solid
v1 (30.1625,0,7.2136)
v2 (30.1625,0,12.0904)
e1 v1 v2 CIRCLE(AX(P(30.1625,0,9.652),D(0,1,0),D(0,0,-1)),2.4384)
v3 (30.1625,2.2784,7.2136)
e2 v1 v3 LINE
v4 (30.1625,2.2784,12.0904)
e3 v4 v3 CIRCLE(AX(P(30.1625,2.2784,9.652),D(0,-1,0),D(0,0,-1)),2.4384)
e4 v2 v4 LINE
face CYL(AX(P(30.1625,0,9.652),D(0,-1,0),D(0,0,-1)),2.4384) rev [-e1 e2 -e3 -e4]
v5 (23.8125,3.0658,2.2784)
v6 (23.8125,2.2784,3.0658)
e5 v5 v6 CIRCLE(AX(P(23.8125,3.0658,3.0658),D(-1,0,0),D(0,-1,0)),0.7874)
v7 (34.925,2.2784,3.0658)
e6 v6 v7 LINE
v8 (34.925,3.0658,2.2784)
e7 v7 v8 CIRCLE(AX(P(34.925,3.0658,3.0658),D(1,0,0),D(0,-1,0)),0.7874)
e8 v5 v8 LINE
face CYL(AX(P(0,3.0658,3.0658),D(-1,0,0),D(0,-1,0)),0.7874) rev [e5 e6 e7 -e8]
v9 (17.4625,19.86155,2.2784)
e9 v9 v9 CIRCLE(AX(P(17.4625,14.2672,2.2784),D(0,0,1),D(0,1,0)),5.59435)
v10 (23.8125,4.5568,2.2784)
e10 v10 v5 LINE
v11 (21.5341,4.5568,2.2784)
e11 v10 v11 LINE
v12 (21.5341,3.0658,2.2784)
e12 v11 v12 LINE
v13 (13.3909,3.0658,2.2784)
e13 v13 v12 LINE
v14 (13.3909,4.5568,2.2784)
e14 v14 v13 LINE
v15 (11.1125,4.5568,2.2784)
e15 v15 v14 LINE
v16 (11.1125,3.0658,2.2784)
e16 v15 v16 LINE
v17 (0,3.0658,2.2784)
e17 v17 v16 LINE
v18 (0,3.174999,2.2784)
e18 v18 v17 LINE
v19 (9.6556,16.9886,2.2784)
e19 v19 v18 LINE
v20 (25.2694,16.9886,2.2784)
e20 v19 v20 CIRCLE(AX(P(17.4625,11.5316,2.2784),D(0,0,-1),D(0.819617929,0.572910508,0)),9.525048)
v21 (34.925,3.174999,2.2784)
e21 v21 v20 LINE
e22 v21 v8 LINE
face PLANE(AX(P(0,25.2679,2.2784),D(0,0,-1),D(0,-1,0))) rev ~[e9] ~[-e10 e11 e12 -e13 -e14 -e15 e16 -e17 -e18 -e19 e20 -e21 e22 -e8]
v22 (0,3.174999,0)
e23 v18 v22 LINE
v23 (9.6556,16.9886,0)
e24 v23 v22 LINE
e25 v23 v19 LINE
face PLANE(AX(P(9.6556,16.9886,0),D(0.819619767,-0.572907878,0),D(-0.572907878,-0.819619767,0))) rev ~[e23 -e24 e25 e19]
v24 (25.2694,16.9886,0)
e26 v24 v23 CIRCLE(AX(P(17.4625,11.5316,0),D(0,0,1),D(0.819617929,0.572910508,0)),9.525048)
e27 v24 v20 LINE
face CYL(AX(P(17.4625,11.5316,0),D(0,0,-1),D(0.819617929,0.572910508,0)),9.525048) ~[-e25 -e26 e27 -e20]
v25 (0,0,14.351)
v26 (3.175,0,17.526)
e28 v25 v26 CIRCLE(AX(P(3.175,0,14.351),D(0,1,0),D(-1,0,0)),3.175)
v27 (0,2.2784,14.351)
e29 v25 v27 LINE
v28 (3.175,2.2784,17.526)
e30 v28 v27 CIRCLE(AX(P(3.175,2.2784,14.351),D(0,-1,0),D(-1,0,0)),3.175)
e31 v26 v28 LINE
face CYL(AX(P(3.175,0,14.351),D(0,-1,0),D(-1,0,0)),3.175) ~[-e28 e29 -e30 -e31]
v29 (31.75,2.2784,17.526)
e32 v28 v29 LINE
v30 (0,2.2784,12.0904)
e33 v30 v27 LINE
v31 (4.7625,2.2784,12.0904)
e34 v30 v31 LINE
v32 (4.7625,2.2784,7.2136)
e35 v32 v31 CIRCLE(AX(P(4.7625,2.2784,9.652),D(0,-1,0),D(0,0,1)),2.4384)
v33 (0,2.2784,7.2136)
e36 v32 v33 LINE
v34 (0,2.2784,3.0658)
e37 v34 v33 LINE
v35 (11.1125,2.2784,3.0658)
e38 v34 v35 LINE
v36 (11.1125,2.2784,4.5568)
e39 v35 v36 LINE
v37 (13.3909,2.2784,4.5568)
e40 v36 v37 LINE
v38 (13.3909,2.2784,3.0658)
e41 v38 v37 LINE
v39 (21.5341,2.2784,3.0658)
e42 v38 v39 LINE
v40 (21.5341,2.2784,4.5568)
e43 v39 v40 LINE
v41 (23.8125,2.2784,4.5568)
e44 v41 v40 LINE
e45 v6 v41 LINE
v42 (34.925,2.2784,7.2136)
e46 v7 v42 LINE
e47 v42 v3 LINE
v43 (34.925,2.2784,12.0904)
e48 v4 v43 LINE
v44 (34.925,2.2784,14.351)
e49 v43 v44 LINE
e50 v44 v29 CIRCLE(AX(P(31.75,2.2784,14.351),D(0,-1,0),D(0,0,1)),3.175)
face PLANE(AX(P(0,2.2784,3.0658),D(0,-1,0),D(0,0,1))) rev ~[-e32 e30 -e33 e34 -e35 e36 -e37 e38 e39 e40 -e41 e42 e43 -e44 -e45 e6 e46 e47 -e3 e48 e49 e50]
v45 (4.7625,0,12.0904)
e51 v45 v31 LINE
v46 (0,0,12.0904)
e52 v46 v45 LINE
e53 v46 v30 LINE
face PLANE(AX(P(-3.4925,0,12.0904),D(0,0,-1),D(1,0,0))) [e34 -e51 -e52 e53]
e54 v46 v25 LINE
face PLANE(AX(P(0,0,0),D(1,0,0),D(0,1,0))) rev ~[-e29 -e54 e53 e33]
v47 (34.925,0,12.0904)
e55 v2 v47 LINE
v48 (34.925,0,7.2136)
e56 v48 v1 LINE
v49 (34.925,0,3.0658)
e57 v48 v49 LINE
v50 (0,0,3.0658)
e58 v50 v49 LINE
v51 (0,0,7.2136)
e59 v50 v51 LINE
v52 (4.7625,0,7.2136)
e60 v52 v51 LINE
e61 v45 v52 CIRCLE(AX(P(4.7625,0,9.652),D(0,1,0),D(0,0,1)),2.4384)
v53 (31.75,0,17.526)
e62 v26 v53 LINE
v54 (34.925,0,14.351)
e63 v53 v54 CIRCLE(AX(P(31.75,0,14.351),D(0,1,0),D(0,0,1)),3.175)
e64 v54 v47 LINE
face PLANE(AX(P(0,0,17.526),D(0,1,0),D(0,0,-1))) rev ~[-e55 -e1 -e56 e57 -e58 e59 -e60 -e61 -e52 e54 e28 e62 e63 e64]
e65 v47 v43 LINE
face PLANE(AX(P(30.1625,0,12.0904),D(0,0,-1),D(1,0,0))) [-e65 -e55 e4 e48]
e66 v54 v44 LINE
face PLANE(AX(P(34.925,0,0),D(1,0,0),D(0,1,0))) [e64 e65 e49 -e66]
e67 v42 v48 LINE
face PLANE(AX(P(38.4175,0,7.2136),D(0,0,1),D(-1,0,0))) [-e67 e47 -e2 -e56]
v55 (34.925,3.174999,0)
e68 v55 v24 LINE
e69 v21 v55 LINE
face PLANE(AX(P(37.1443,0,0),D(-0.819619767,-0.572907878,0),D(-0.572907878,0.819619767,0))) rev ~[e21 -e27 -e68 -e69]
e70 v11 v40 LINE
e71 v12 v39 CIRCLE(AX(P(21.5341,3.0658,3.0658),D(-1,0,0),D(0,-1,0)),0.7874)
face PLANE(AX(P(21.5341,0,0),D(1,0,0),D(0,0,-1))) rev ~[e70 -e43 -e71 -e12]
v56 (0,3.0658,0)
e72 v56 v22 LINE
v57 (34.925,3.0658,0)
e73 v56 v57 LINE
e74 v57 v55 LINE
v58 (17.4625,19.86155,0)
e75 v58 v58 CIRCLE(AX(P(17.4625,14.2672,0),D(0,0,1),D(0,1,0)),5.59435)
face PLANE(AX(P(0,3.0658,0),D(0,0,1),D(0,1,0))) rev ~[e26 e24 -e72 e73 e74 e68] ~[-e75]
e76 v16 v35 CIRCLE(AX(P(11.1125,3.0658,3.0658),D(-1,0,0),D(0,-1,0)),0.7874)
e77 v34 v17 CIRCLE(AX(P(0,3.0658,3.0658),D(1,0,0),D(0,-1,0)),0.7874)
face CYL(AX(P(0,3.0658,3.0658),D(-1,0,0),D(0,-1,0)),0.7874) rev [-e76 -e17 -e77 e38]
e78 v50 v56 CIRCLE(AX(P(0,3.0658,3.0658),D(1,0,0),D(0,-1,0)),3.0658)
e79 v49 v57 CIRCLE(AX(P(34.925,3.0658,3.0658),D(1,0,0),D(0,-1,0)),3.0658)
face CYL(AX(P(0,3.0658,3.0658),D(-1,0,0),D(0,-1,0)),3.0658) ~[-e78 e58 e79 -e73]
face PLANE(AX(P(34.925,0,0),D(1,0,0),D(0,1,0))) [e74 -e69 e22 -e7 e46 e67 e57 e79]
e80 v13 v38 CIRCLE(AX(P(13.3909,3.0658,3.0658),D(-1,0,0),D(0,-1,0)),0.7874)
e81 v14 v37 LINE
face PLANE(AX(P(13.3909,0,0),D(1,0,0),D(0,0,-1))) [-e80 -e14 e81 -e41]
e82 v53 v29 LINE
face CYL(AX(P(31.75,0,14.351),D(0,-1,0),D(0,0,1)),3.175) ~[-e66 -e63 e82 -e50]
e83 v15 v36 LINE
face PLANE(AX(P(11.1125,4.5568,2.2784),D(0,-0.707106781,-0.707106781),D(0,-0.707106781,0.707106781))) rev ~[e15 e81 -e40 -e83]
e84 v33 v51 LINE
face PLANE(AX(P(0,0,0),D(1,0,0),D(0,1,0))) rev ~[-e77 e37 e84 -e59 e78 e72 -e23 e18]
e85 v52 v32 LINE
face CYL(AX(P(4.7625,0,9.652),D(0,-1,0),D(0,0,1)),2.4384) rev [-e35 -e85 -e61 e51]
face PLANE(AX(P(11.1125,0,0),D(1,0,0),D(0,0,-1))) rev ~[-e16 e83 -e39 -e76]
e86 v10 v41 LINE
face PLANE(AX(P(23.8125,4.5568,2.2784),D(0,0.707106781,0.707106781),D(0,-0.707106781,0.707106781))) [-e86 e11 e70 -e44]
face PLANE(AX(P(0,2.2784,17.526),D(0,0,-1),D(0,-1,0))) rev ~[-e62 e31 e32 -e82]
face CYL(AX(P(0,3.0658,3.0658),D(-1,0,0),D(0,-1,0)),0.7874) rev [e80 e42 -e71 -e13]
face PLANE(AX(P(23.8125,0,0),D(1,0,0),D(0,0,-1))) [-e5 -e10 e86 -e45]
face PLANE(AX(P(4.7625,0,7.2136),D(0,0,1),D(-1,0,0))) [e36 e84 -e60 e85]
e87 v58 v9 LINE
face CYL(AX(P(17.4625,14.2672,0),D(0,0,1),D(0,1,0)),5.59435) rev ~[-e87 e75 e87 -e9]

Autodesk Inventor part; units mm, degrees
sketch "Sketch_1" plane through (0, 0, 0) normal (1, 0, 0) x (0, 1, 0)
  line L0 (2.2784, 17.526) -> (0, 17.526)
  line L1 (0, 17.526) -> (0, 3.0658)
  arc A0 (0, 3.0658) -> (3.0658, 0) centre (3.0658, 3.0658) ccw
  line L2 (3.0658, 0) -> (25.2679, 0)
  line L3 (25.2679, 0) -> (25.2679, 2.2784)
  line L4 (25.2679, 2.2784) -> (3.0658, 2.2784)
  arc A1 (2.2784, 3.0658) -> (3.0658, 2.2784) centre (3.0658, 3.0658) ccw
  line L5 (2.2784, 3.0658) -> (2.2784, 17.526)
extrude "Extrusion1" add sketch "Sketch_1" along normal blind 34.925
sketch "Sketch_2" plane through (0, 0, 0) normal (0, 0, 1) x (1, 0, 0)
  line L0 (-6.985, 33.6906) -> (-6.985, -2.1057)
  line L1 (-6.985, -2.1057) -> (41.91, -2.1057)
  line L2 (41.91, -2.1057) -> (41.91, 33.6906)
  line L3 (41.91, 33.6906) -> (-6.985, 33.6906)
  line L4 (-2.2193, 0) -> (37.1443, 0)
  line L5 (37.1443, 0) -> (25.2694, 16.9886)
  arc A0 (25.2694, 16.9886) -> (9.6556, 16.9886) centre (17.4625, 11.5316) ccw
  line L6 (9.6556, 16.9886) -> (-2.2193, 0)
extrude "Extrusion2" cut sketch "Sketch_2" along normal blind 3.4176
sketch "Sketch3" plane through (34.925, 3.0658, 0) normal (0, 0, -1) x (-1, 0, 0)
  point P0 (17.4625, 11.2014)
hole "Hole1" at (17.4625, 14.2672, 0) direction (0, 0, 1) diameter 11.1887 depth 3.4176
sketch "Sketch_6" plane through (0, 0, 0) normal (0, 1, 0) x (-1, 0, 0)
  line L0 (17.4625, 22.352) -> (-3.175, 22.352)
  line L1 (-3.175, 22.352) -> (-3.175, 17.526)
  arc A0 (0, 14.351) -> (-3.175, 17.526) centre (-3.175, 14.351) ccw
  line L2 (0, 14.351) -> (17.4625, 14.351)
  line L3 (17.4625, 14.351) -> (17.4625, 22.352)
extrude "Extrusion3" cut sketch "Sketch_6" along normal blind 3.4176
sketch "Sketch_7" plane through (0, 0, 0) normal (0, 1, 0) x (-1, 0, 0)
  line L0 (-31.75, 17.526) -> (-31.75, 22.352)
  line L1 (-31.75, 22.352) -> (-52.3875, 22.352)
  line L2 (-52.3875, 22.352) -> (-52.3875, 14.351)
  line L3 (-52.3875, 14.351) -> (-34.925, 14.351)
  arc A0 (-31.75, 17.526) -> (-34.925, 14.351) centre (-31.75, 14.351) ccw
extrude "Extrusion4" cut sketch "Sketch_7" along normal blind 3.4176
sketch "Sketch_8" plane through (0, 0, 0) normal (0, 1, 0) x (-1, 0, 0)
  line L0 (3.4925, 7.2136) -> (3.4925, 12.0904)
  line L1 (3.4925, 12.0904) -> (-4.7625, 12.0904)
  arc A0 (-4.7625, 12.0904) -> (-4.7625, 7.2136) centre (-4.7625, 9.652) ccw
  line L2 (-4.7625, 7.2136) -> (3.4925, 7.2136)
extrude "Extrusion5" cut sketch "Sketch_8" along normal blind 3.4176
sketch "Sketch_9" plane through (0, 0, 0) normal (0, 1, 0) x (-1, 0, 0)
  arc A0 (-30.1625, 7.2136) -> (-30.1625, 12.0904) centre (-30.1625, 9.652) ccw
  line L0 (-30.1625, 12.0904) -> (-38.4175, 12.0904)
  line L1 (-38.4175, 12.0904) -> (-38.4175, 7.2136)
  line L2 (-38.4175, 7.2136) -> (-30.1625, 7.2136)
extrude "Extrusion6" cut sketch "Sketch_9" along normal blind 3.4176
sketch "Sketch_10" plane through (11.1125, 0, 0) normal (1, 0, 0) x (0, 0, -1)
  line L0 (-4.5568, 2.2784) -> (-4.5568, 1.8456)
  arc A0 (-4.5568, 1.8456) -> (-1.8456, 4.5568) centre (-3.0658, 3.0658) ccw
  line L1 (-1.8456, 4.5568) -> (-2.2784, 4.5568)
  line L2 (-2.2784, 4.5568) -> (-4.5568, 2.2784)
extrude "Extrusion7" add sketch "Sketch_10" along normal blind 2.2784
sketch "Sketch_14" plane through (23.8125, 0, 0) normal (1, 0, 0) x (0, 0, -1)
  line L0 (-4.5568, 2.2784) -> (-4.5568, 1.8456)
  arc A0 (-4.5568, 1.8456) -> (-1.8456, 4.5568) centre (-3.0658, 3.0658) ccw
  line L1 (-1.8456, 4.5568) -> (-2.2784, 4.5568)
  line L2 (-2.2784, 4.5568) -> (-4.5568, 2.2784)
extrude "Extrusion8" add sketch "Sketch_14" against normal blind 2.2784
ref_plane "d1_XY" through (17.4625, 8.6728, 0) normal (1, 0, 0) x (0, 0, -1)
ref_plane "d1_YZ" through (17.4625, 8.6728, 0) normal (0, 0, -1) x (0, 1, 0)
ref_plane "d1_ZX" through (17.4625, 8.6728, 0) normal (0, 1, 0) x (1, 0, 0)
ref_plane "d2_XY" through (17.4625, 19.8615, 0) normal (1, 0, 0) x (0, 0, -1)
ref_plane "d2_YZ" through (17.4625, 19.8615, 0) normal (0, 0, -1) x (0, 1, 0)
ref_plane "d2_ZX" through (17.4625, 19.8615, 0) normal (0, 1, 0) x (1, 0, 0)
ref_plane "h1_XY" through (17.4625, 0, 17.526) normal (1, 0, 0) x (0, 0, -1)
ref_plane "h1_YZ" through (17.4625, 0, 17.526) normal (0, 0, -1) x (0, 1, 0)
ref_plane "h1_ZX" through (17.4625, 0, 17.526) normal (0, 1, 0) x (1, 0, 0)
ref_plane "h2_XY" through (17.4625, 2.2784, 17.526) normal (1, 0, 0) x (0, 0, -1)
ref_plane "h2_YZ" through (17.4625, 2.2784, 17.526) normal (0, 0, -1) x (0, 1, 0)
ref_plane "h2_ZX" through (17.4625, 2.2784, 17.526) normal (0, 1, 0) x (1, 0, 0)
ref_plane "h3_XY" through (17.4625, 14.2672, 2.2784) normal (1, 0, 0) x (0, 0, -1)
ref_plane "h3_YZ" through (17.4625, 14.2672, 2.2784) normal (0, 0, -1) x (0, 1, 0)
ref_plane "h3_ZX" through (17.4625, 14.2672, 2.2784) normal (0, 1, 0) x (1, 0, 0)
ref_plane "h4_XY" through (17.4625, 21.0566, 2.2784) normal (1, 0, 0) x (0, 0, -1)
ref_plane "h4_YZ" through (17.4625, 21.0566, 2.2784) normal (0, 0, -1) x (0, 1, 0)
ref_plane "h4_ZX" through (17.4625, 21.0566, 2.2784) normal (0, 1, 0) x (1, 0, 0)
ref_plane "h5_XY" through (34.925, 3.175, 0) normal (1, 0, 0) x (0, 0, -1)
ref_plane "h5_YZ" through (34.925, 3.175, 0) normal (0, 0, -1) x (0, 1, 0)
ref_plane "h5_ZX" through (34.925, 3.175, 0) normal (0, 1, 0) x (1, 0, 0)
ref_plane "h6_XY" through (34.925, 0, 0) normal (1, 0, 0) x (0, 0, -1)
ref_plane "h6_YZ" through (34.925, 0, 0) normal (0, 0, -1) x (0, 1, 0)
ref_plane "h6_ZX" through (34.925, 0, 0) normal (0, 1, 0) x (1, 0, 0)
ref_plane "l1_XY" through (0, 0, 0) normal (0, 1, 0) x (1, 0, 0)
ref_plane "l1_YZ" through (0, 0, 0) normal (1, 0, 0) x (0, 0, -1)
ref_plane "l1_ZX" through (0, 0, 0) normal (0, 0, -1) x (0, 1, 0)
ref_plane "l2_XY" through (34.925, 0, 0) normal (0, 1, 0) x (1, 0, 0)
ref_plane "l2_YZ" through (34.925, 0, 0) normal (1, 0, 0) x (0, 0, -1)
ref_plane "l2_ZX" through (34.925, 0, 0) normal (0, 0, -1) x (0, 1, 0)
ref_plane "l3_XY" through (0, 0, 17.526) normal (0, 1, 0) x (1, 0, 0)
ref_plane "l3_YZ" through (0, 0, 17.526) normal (1, 0, 0) x (0, 0, -1)
ref_plane "l3_ZX" through (0, 0, 17.526) normal (0, 0, -1) x (0, 1, 0)
ref_plane "l4_XY" through (0, 0, 9.652) normal (0, 1, 0) x (1, 0, 0)
ref_plane "l4_YZ" through (0, 0, 9.652) normal (1, 0, 0) x (0, 0, -1)
ref_plane "l4_ZX" through (0, 0, 9.652) normal (0, 0, -1) x (0, 1, 0)
ref_plane "l5_XY" through (4.7625, 0, 9.652) normal (0, 1, 0) x (1, 0, 0)
ref_plane "l5_YZ" through (4.7625, 0, 9.652) normal (1, 0, 0) x (0, 0, -1)
ref_plane "l5_ZX" through (4.7625, 0, 9.652) normal (0, 0, -1) x (0, 1, 0)
ref_plane "l6_XY" through (30.1625, 0, 9.652) normal (0, 1, 0) x (1, 0, 0)
ref_plane "l6_YZ" through (30.1625, 0, 9.652) normal (1, 0, 0) x (0, 0, -1)
ref_plane "l6_ZX" through (30.1625, 0, 9.652) normal (0, 0, -1) x (0, 1, 0)
ref_plane "l7_XY" through (30.1625, 0, 12.0904) normal (0, 1, 0) x (1, 0, 0)
ref_plane "l7_YZ" through (30.1625, 0, 12.0904) normal (1, 0, 0) x (0, 0, -1)
ref_plane "l7_ZX" through (30.1625, 0, 12.0904) normal (0, 0, -1) x (0, 1, 0)
ref_plane "l8_XY" through (30.1625, 0, 7.2136) normal (0, 1, 0) x (1, 0, 0)
ref_plane "l8_YZ" through (30.1625, 0, 7.2136) normal (1, 0, 0) x (0, 0, -1)
ref_plane "l8_ZX" through (30.1625, 0, 7.2136) normal (0, 0, -1) x (0, 1, 0)
ref_plane "mounting_bracket_XY" through (17.4625, 14.2672, 2.2784) normal (0, 0, 1) x (1, 0, 0)
ref_plane "mounting_bracket_YZ" through (17.4625, 14.2672, 2.2784) normal (1, 0, 0) x (0, 1, 0)
ref_plane "mounting_bracket_ZX" through (17.4625, 14.2672, 2.2784) normal (0, 1, 0) x (0, 0, 1)
ref_plane "mounting_bracket_1_XY" through (17.4625, 14.2672, 0) normal (0, 0, 1) x (1, 0, 0)
ref_plane "mounting_bracket_1_YZ" through (17.4625, 14.2672, 0) normal (1, 0, 0) x (0, 1, 0)
ref_plane "mounting_bracket_1_ZX" through (17.4625, 14.2672, 0) normal (0, 1, 0) x (0, 0, 1)
properties part number "D-770"
